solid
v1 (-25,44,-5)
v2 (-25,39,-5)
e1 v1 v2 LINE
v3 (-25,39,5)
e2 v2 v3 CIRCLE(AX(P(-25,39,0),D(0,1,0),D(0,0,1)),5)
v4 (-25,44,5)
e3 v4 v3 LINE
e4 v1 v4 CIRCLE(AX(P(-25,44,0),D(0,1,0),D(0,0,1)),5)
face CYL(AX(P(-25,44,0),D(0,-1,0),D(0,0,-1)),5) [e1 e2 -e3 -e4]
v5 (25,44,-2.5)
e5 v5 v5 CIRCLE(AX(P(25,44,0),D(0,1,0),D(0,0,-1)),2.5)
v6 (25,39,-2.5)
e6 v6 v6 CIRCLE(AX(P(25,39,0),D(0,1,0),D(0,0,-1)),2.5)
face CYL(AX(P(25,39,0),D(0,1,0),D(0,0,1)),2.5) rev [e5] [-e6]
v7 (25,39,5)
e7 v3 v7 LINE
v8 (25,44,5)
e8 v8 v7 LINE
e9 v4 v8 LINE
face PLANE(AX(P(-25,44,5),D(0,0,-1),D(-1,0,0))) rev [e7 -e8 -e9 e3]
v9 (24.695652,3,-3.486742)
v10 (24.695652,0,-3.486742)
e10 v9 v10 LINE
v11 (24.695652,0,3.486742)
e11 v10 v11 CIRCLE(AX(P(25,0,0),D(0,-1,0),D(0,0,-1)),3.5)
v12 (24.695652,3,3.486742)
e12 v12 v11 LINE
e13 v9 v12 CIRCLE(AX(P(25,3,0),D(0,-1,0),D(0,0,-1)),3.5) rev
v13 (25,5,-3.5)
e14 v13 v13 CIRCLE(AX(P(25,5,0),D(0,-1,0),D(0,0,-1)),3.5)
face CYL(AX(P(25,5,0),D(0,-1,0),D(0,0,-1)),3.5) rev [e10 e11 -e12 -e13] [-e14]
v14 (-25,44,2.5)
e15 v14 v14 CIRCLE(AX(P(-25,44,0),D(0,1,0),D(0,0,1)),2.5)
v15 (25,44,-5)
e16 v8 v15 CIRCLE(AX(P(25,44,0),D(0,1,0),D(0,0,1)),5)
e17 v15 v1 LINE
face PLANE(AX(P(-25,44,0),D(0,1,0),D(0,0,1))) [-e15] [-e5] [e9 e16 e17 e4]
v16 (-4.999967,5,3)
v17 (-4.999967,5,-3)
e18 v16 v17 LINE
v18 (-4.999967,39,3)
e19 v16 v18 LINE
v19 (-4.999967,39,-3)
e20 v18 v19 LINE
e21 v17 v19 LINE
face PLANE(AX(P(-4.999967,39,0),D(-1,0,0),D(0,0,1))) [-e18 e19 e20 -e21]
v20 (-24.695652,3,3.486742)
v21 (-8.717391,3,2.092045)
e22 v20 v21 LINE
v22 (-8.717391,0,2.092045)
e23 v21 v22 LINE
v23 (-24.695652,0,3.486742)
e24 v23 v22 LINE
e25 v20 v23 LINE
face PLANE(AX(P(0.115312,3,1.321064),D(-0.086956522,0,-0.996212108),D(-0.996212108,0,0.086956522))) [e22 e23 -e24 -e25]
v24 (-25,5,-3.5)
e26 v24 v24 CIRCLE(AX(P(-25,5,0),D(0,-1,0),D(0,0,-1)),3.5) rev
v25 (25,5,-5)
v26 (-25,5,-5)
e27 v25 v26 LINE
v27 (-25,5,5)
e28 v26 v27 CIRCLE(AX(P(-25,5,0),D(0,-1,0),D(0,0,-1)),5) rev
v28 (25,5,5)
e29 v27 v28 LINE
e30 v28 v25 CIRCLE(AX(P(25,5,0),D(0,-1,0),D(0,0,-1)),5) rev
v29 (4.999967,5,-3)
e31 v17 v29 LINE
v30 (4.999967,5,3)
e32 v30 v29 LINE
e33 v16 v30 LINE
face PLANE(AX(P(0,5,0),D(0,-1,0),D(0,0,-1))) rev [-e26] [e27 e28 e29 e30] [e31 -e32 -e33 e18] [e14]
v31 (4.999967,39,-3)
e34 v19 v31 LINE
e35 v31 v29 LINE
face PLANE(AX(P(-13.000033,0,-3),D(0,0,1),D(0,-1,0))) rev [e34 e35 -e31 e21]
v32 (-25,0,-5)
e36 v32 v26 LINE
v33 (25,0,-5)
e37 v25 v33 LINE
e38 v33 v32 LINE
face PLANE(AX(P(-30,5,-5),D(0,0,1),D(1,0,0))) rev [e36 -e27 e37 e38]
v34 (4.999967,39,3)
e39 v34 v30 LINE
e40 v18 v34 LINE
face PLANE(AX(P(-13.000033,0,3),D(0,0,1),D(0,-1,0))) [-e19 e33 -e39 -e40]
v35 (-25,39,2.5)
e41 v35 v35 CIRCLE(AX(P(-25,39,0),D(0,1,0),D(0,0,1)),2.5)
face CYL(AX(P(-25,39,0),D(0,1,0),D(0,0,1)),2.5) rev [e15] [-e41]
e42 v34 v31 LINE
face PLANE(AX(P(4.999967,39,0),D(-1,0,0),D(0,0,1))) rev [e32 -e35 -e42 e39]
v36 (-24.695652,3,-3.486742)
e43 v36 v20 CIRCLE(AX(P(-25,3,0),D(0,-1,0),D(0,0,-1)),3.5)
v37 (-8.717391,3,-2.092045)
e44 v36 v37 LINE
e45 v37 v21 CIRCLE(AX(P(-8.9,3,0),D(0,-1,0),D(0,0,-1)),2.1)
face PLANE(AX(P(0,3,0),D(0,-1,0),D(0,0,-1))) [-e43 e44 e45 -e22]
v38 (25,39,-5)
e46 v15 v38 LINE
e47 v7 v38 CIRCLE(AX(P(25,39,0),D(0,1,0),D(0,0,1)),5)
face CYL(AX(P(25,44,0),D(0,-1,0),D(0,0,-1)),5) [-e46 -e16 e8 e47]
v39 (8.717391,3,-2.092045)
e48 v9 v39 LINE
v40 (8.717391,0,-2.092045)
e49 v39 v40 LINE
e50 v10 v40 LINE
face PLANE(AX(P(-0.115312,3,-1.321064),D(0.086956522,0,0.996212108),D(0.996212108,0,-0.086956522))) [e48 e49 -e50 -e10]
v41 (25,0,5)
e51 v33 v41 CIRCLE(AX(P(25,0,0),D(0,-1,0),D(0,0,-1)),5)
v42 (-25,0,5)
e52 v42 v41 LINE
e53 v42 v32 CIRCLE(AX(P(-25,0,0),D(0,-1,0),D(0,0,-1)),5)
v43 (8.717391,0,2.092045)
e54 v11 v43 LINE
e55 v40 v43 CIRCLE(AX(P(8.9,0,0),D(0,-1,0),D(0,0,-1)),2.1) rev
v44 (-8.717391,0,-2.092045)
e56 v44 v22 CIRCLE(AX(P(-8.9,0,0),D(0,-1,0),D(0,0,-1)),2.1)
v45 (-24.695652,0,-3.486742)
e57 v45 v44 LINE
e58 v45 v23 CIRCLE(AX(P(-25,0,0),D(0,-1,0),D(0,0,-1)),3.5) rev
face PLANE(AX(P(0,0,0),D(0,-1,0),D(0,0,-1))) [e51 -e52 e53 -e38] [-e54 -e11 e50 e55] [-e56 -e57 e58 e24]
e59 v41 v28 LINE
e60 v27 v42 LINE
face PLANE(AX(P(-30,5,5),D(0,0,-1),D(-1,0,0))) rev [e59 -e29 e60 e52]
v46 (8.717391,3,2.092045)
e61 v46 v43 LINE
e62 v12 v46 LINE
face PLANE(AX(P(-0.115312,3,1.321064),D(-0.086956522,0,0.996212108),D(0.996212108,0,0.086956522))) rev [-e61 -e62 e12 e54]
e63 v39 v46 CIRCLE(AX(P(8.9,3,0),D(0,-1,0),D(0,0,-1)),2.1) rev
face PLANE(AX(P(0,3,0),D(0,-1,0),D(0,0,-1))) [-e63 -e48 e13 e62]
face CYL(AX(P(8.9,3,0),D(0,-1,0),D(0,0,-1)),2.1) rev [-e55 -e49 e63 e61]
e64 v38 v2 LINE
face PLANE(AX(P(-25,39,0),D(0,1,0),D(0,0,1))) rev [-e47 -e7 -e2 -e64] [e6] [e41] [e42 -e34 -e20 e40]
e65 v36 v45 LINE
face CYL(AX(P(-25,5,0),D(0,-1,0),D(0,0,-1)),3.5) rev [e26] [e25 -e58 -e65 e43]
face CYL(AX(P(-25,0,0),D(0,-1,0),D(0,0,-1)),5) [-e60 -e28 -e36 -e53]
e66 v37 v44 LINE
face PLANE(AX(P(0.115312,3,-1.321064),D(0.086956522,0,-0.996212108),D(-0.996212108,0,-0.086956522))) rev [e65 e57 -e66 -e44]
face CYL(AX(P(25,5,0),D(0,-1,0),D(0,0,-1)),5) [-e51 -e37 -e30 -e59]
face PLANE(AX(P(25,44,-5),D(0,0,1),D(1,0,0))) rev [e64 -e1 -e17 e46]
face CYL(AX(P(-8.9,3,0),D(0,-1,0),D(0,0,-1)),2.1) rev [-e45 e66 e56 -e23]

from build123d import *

# Parameters (mm, degrees)
SKETCH2_W           = 60
SKETCH2_H           = 10
BOSS_EXTRUDE1_DEPTH = 5
FILLET1_RADIUS      = 5
FILLET1_LENGTH      = 5
FILLET2_RADIUS      = 5
FILLET2_LENGTH      = 5
SKETCH11_W          = 4.99996664
SKETCH11_H          = 10
BOSS_EXTRUDE3_DEPTH = 34
SKETCH12_W          = 2
SKETCH12_H          = 34
CUT_EXTRUDE6_DEPTH  = 18
BOSS_EXTRUDE4_DEPTH = 5
SKETCH14_R          = 2.5
CUT_EXTRUDE7_DEPTH  = 5
SKETCH15_R          = 3.5
CUT_EXTRUDE8_DEPTH  = 5
CUT_EXTRUDE10_DEPTH = 3


with BuildPart() as part:
    # Sketch2 → Boss-Extrude1 (new body)
    with BuildSketch(Plane(origin=(0, 0, 0), x_dir=(1, 0, 0), z_dir=(0, 1, 0))):
        Rectangle(SKETCH2_W, SKETCH2_H)
    extrude(amount=BOSS_EXTRUDE1_DEPTH)

    # Fillet1: full round fillet: the end face becomes a half cylinder, R = half its width
    fillet1_face = Plane((-30, 2.5, 0), x_dir=(0, 1, 0), z_dir=(-1, 0, 0))  # on the end face: x along it, z out of the body
    fillet1_slab = fillet1_face.offset(-FILLET1_RADIUS / 2) * Box(FILLET1_LENGTH, 2 * FILLET1_RADIUS, FILLET1_RADIUS, mode=Mode.PRIVATE)  # the body's end, R deep
    fillet1_round = Plane((-25, 2.5, 0), x_dir=(-1, 0, 0), z_dir=(0, 1, 0)) * Cylinder(FILLET1_RADIUS, FILLET1_LENGTH, mode=Mode.PRIVATE)  # its axis R under the face
    add(fillet1_slab - fillet1_round, mode=Mode.SUBTRACT)

    # Fillet2: full round fillet: the end face becomes a half cylinder, R = half its width
    fillet2_face = Plane((30, 2.5, 0), x_dir=(0, -1, 0), z_dir=(1, 0, 0))  # on the end face: x along it, z out of the body
    fillet2_slab = fillet2_face.offset(-FILLET2_RADIUS / 2) * Box(FILLET2_LENGTH, 2 * FILLET2_RADIUS, FILLET2_RADIUS, mode=Mode.PRIVATE)  # the body's end, R deep
    fillet2_round = Plane((25, 2.5, 0), x_dir=(1, 0, 0), z_dir=(0, -1, 0)) * Cylinder(FILLET2_RADIUS, FILLET2_LENGTH, mode=Mode.PRIVATE)  # its axis R under the face
    add(fillet2_slab - fillet2_round, mode=Mode.SUBTRACT)

    # Sketch11 → Boss-Extrude3 (add)
    with BuildSketch(Plane(origin=(0, 5, 0), x_dir=(1, 0, 0), z_dir=(0, 1, 0))):
        with Locations((2.49998332, 0)):
            Rectangle(SKETCH11_W, SKETCH11_H)
        Polygon((0, -5), (0, 5), (-4.99996664, 4.981735201), (-4.99996664, -5), align=None)
    extrude(amount=BOSS_EXTRUDE3_DEPTH)

    # Sketch12 → Cut-Extrude6 (cut)
    with BuildSketch(Plane(origin=(4.99996664, 0, 0), x_dir=(0, 0, -1), z_dir=(1, 0, 0))):
        with Locations((-4, 22)):
            Rectangle(SKETCH12_W, SKETCH12_H)
        with Locations((4, 22)):
            Rectangle(SKETCH12_W, SKETCH12_H)
    extrude(amount=-CUT_EXTRUDE6_DEPTH, mode=Mode.SUBTRACT)

    # Sketch13 → Boss-Extrude4 (add)
    with BuildSketch(Plane(origin=(0, 39, 0), x_dir=(1, 0, 0), z_dir=(0, 1, 0))):
        with BuildLine():
            Line((25, 5), (-25, 5))
            ThreePointArc((-25, 5), (-30, 0), (-25, -5))
            Line((-25, -5), (25, -5))
            ThreePointArc((25, -5), (30, 0), (25, 5))
        make_face()
    extrude(amount=BOSS_EXTRUDE4_DEPTH)

    # Sketch14 → Cut-Extrude7 (cut)
    with BuildSketch(Plane(origin=(0, 44, 0), x_dir=(1, 0, 0), z_dir=(0, 1, 0))):
        with Locations(Location((-25, 0, 0), (0, 0, 270))):
            Circle(SKETCH14_R)
        with Locations(Location((25, 0, 0), (0, 0, 90))):
            Circle(SKETCH14_R)
    extrude(amount=-CUT_EXTRUDE7_DEPTH, mode=Mode.SUBTRACT)

    # Sketch15 → Cut-Extrude8 (cut)
    with BuildSketch(Plane.XZ):
        with Locations(Location((-25, 0, 0), (0, 0, 270))):
            Circle(SKETCH15_R)
        with Locations(Location((25, 0, 0), (0, 0, 270))):
            Circle(SKETCH15_R)
    extrude(amount=-CUT_EXTRUDE8_DEPTH, mode=Mode.SUBTRACT)

    # Sketch18 → Cut-Extrude10 (cut)
    with BuildSketch(Plane.XZ):
        with BuildLine():
            ThreePointArc((-24.695652174, 3.486742377), (-21.5, 0), (-24.695652174, -3.486742377))
            Line((-24.695652174, -3.486742377), (-8.717391304, -2.092045426))
            ThreePointArc((-8.717391304, -2.092045426), (-6.8, 0), (-8.717391304, 2.092045426))
            Line((-8.717391304, 2.092045426), (-24.695652174, 3.486742377))
        make_face()
        with BuildLine():
            Line((8.717391304, -2.092045426), (24.695652174, -3.486742377))
            ThreePointArc((24.695652174, -3.486742377), (21.5, 0), (24.695652174, 3.486742377))
            Line((24.695652174, 3.486742377), (8.717391304, 2.092045426))
            ThreePointArc((8.717391304, 2.092045426), (6.8, 0), (8.717391304, -2.092045426))
        make_face()
    extrude(amount=-CUT_EXTRUDE10_DEPTH, mode=Mode.SUBTRACT)


solid = part.part
